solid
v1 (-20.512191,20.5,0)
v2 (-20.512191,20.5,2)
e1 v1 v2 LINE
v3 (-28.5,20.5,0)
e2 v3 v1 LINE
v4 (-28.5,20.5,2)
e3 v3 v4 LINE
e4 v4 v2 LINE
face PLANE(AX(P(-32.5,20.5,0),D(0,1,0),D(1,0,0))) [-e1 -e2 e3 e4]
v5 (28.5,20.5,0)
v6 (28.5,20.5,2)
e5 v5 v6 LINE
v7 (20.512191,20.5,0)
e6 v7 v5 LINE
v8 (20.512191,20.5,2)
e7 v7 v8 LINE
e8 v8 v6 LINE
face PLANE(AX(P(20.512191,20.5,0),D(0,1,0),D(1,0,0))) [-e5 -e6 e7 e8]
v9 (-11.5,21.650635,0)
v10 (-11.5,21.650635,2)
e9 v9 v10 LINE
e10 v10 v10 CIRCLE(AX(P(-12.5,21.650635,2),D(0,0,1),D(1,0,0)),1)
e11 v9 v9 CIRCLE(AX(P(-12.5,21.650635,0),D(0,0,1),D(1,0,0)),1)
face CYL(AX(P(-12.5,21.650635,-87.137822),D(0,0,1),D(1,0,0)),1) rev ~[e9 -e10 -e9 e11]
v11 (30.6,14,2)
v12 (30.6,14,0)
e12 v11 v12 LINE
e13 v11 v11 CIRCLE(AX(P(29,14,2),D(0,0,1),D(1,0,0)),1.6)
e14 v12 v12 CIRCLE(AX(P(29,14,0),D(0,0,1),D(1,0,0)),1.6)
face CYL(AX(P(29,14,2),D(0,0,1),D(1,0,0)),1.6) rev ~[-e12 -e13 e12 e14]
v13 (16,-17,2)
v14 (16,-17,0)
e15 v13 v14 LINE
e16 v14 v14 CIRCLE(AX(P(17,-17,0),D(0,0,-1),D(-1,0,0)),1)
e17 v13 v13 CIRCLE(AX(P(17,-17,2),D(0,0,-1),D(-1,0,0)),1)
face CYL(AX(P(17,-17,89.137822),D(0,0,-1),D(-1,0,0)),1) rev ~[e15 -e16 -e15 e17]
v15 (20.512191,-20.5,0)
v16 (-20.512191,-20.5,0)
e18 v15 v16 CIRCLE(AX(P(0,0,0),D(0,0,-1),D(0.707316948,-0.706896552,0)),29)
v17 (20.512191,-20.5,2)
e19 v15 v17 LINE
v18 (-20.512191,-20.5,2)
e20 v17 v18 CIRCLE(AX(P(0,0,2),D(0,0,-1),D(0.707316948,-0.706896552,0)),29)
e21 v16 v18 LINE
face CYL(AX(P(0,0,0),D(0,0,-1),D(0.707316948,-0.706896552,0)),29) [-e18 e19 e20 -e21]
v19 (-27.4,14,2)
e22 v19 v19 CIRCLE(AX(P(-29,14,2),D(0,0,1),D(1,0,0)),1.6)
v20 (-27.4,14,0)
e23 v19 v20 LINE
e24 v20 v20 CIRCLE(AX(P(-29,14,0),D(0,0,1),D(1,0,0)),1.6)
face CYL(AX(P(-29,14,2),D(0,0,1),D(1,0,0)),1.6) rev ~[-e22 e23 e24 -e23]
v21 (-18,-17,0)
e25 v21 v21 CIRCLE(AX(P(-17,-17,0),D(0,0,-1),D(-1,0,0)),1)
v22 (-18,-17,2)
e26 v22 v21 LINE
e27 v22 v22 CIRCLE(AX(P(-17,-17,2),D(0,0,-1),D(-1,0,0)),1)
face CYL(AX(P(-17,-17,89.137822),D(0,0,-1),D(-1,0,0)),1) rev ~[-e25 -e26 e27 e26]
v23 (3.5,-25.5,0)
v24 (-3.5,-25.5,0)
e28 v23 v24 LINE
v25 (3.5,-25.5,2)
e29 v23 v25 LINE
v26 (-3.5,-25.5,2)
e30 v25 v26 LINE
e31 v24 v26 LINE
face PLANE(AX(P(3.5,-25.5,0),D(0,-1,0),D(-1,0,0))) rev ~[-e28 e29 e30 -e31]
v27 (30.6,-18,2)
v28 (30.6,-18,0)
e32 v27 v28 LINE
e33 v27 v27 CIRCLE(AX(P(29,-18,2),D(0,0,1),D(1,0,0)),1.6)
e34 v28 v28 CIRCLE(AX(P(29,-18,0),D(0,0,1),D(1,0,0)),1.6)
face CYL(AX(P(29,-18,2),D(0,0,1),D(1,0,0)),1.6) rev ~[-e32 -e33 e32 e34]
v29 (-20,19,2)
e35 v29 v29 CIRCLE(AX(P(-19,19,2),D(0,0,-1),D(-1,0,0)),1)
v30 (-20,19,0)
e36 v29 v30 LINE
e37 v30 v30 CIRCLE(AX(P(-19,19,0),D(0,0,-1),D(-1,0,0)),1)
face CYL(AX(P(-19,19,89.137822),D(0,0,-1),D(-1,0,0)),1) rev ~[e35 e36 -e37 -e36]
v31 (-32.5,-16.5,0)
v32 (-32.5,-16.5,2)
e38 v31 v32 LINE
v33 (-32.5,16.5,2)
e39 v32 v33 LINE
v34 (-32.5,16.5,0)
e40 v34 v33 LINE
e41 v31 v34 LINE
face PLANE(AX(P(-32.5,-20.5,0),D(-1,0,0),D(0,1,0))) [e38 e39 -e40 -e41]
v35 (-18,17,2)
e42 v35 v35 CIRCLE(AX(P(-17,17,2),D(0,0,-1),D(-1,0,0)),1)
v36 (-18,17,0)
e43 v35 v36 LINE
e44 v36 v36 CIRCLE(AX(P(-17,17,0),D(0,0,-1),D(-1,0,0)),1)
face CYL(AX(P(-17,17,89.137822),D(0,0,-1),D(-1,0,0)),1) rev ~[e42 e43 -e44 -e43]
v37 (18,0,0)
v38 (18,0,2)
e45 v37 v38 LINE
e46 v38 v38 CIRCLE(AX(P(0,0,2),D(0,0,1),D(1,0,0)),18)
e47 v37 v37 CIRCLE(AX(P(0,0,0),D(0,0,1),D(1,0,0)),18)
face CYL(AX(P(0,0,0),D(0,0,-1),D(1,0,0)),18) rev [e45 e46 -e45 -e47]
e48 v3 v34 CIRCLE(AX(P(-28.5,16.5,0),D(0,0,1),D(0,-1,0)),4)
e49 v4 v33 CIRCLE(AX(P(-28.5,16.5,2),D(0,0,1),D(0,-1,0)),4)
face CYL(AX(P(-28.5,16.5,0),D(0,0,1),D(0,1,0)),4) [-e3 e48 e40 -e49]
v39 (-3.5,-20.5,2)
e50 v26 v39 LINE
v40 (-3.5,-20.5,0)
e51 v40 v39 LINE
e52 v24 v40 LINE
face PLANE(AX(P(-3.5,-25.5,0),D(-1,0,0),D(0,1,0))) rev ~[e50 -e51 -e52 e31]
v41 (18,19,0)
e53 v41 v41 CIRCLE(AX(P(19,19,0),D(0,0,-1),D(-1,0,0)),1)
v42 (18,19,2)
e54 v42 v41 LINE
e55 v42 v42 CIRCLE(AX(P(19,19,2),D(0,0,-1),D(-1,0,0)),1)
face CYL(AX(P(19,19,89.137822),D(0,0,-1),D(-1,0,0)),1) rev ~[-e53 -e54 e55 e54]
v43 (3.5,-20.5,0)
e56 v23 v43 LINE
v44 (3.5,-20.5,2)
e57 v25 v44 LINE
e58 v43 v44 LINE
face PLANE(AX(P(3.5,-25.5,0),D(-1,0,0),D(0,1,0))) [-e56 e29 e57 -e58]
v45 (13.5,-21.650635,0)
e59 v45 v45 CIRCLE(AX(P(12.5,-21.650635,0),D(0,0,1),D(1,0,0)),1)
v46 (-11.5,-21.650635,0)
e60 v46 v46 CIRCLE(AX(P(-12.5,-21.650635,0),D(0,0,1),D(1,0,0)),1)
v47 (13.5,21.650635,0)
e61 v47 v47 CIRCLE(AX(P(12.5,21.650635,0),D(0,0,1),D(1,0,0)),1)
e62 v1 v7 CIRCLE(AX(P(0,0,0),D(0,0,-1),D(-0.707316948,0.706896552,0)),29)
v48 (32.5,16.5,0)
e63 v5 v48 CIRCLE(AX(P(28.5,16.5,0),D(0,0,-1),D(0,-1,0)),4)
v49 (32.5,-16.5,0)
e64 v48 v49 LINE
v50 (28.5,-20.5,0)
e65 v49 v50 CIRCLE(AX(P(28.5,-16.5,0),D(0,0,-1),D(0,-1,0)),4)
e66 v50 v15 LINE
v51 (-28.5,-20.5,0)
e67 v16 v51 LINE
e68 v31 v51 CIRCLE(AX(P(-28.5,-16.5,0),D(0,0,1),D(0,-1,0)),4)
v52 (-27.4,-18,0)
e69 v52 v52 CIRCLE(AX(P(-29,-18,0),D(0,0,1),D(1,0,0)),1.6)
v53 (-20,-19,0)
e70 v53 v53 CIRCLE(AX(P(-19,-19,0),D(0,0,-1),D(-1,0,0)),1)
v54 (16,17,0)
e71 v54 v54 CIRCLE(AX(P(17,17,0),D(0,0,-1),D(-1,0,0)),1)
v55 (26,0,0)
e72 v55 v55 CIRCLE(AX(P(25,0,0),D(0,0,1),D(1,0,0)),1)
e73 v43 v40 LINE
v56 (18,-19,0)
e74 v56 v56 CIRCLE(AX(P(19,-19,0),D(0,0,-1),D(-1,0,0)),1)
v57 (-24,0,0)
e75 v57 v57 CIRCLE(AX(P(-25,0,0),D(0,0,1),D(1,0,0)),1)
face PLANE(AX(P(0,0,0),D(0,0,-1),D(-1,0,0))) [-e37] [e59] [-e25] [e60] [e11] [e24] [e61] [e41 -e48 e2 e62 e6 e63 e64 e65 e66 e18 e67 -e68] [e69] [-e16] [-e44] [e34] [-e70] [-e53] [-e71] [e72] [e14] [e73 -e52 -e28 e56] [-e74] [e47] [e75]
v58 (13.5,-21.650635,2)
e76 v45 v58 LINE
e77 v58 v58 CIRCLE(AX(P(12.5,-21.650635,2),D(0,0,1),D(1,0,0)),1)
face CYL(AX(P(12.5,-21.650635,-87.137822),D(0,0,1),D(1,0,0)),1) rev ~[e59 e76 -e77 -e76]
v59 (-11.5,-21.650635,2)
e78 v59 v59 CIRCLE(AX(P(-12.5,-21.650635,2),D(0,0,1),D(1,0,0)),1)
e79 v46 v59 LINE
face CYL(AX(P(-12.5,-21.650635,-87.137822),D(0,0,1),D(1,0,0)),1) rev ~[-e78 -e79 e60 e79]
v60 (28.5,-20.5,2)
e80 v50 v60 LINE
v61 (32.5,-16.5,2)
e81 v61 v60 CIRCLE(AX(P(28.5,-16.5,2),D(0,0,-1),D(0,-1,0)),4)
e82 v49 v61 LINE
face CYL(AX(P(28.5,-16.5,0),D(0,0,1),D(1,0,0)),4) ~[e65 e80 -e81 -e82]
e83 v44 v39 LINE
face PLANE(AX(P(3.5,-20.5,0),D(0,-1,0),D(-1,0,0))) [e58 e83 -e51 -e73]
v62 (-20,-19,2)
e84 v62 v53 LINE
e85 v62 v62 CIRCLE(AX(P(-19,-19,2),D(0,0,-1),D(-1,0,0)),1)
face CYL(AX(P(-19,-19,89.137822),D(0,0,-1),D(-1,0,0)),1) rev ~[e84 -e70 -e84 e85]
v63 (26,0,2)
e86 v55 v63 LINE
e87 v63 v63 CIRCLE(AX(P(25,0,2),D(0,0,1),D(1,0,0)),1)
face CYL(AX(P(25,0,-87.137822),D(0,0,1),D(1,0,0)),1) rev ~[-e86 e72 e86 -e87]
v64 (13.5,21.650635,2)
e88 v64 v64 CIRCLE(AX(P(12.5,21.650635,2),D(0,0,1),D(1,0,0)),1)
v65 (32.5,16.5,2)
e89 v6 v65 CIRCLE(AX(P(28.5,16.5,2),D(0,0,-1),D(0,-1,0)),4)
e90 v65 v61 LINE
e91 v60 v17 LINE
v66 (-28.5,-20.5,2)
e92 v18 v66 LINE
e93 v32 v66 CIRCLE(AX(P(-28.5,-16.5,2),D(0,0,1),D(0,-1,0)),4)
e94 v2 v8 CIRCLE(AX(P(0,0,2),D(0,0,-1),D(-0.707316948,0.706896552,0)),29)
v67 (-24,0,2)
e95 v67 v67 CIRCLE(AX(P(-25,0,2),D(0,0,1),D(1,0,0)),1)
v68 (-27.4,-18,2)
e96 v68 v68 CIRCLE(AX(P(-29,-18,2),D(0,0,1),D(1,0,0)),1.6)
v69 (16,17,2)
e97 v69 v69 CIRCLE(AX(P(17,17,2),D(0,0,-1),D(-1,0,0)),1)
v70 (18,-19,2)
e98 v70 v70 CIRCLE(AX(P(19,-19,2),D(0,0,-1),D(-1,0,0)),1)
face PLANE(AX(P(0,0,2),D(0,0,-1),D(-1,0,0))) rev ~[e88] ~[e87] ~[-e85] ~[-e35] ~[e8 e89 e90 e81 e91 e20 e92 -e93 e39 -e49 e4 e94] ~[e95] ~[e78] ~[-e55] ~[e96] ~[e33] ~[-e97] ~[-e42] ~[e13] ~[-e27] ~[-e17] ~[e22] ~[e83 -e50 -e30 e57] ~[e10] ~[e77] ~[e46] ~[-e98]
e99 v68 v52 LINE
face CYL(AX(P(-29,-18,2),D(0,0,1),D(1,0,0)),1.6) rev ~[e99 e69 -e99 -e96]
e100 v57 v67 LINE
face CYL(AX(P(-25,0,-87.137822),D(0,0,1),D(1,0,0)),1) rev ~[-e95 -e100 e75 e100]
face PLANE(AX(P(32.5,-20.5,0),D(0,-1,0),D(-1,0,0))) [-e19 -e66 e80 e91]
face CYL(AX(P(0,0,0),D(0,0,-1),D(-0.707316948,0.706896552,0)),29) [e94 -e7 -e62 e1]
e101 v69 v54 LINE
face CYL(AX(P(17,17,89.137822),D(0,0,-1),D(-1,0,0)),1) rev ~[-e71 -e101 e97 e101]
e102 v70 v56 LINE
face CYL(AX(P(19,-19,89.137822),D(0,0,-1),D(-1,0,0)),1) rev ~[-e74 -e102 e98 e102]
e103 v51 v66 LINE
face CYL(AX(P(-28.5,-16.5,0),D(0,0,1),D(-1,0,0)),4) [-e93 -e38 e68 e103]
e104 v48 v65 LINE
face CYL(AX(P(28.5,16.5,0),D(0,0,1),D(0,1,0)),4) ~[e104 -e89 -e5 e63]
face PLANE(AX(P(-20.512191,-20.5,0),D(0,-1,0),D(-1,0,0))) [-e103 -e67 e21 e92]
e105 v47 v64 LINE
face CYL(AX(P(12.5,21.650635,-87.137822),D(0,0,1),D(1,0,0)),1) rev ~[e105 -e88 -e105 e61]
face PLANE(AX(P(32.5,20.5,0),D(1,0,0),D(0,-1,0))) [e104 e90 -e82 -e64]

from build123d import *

# Parameters (mm, degrees)
SKETCH1_R             = 18
BOSS_EXTRUDE1_DEPTH   = 2
SKETCH2_R             = 1.6
CUT_EXTRUDE1_DEPTH    = 2
F_2_0MM_DOWEL_HOLE1_D = 2
FILLET1_R             = 4
SKETCH_1_W            = 7
SKETCH_1_H            = 5
CUT_EXTRUDE_1_DEPTH   = 44.603325561
F_2_0MM_1_D           = 2


with BuildPart() as part:
    # Sketch1 → Boss-Extrude1 (new body)
    with BuildSketch(Plane.XY):
        with BuildLine():
            Line((-32.5, 20.5), (-20.512191497, 20.5))
            ThreePointArc((-20.512191497, 20.5), (0, 29), (20.512191497, 20.5))
            Line((20.512191497, 20.5), (32.5, 20.5))
            Line((32.5, 20.5), (32.5, -20.5))
            Line((32.5, -20.5), (20.512191497, -20.5))
            ThreePointArc((20.512191497, -20.5), (0, -29), (-20.512191497, -20.5))
            Line((-20.512191497, -20.5), (-32.5, -20.5))
            Line((-32.5, -20.5), (-32.5, 20.5))
        make_face()
        Circle(SKETCH1_R, mode=Mode.SUBTRACT)
    extrude(amount=BOSS_EXTRUDE1_DEPTH)

    # Sketch2 → Cut-Extrude1 (cut)
    with BuildSketch(Plane.XY.offset(2)):
        with Locations((-29, 14)):
            Circle(SKETCH2_R)
        with Locations((-29, -18)):
            Circle(SKETCH2_R)
        with Locations((29, -18)):
            Circle(SKETCH2_R)
        with Locations((29, 14)):
            Circle(SKETCH2_R)
    extrude(amount=-CUT_EXTRUDE1_DEPTH, mode=Mode.SUBTRACT)

    # Ø2.0mm Dowel Hole1 (through all)
    with Locations(Plane(origin=(-19, 19, 2), x_dir=(1, 0, 0), z_dir=(0, 0, 1))):
        with Locations((0, 0), (2, -2), (36, -2), (38, 0), (36, -36), (38, -38), (0, -38), (2, -36)):
            Hole(F_2_0MM_DOWEL_HOLE1_D / 2)

    # Fillet1
    fillet1_edges = [part.edges().sort_by_distance(p)[0] for p in [
        (-32.5, -20.5, 1),
        (-32.5, 20.5, 1),
        (32.5, 20.5, 1),
        (32.5, -20.5, 1),
    ]]
    fillet(fillet1_edges, radius=FILLET1_R)

    # 스케치1 → 컷-돌출1 (cut, through all)
    with BuildSketch(Plane(origin=(0, 0, 0), x_dir=(-1, 0, 0), z_dir=(0, 0, -1))):
        with Locations((0, -23)):
            Rectangle(SKETCH_1_W, SKETCH_1_H)
    extrude(amount=-CUT_EXTRUDE_1_DEPTH, mode=Mode.SUBTRACT)

    # Ø2.0mm 맞춤핀 구멍1 (through all)
    with Locations(Plane(origin=(12.5, 21.650635095, 0), x_dir=(-1, 0, 0), z_dir=(0, 0, -1))):
        with Locations((0, 0), (25, 0), (37.5, -21.650635095), (25, -43.30127019), (0, -43.30127019), (-12.5, -21.650635095)):
            Hole(F_2_0MM_1_D / 2)


solid = part.part
